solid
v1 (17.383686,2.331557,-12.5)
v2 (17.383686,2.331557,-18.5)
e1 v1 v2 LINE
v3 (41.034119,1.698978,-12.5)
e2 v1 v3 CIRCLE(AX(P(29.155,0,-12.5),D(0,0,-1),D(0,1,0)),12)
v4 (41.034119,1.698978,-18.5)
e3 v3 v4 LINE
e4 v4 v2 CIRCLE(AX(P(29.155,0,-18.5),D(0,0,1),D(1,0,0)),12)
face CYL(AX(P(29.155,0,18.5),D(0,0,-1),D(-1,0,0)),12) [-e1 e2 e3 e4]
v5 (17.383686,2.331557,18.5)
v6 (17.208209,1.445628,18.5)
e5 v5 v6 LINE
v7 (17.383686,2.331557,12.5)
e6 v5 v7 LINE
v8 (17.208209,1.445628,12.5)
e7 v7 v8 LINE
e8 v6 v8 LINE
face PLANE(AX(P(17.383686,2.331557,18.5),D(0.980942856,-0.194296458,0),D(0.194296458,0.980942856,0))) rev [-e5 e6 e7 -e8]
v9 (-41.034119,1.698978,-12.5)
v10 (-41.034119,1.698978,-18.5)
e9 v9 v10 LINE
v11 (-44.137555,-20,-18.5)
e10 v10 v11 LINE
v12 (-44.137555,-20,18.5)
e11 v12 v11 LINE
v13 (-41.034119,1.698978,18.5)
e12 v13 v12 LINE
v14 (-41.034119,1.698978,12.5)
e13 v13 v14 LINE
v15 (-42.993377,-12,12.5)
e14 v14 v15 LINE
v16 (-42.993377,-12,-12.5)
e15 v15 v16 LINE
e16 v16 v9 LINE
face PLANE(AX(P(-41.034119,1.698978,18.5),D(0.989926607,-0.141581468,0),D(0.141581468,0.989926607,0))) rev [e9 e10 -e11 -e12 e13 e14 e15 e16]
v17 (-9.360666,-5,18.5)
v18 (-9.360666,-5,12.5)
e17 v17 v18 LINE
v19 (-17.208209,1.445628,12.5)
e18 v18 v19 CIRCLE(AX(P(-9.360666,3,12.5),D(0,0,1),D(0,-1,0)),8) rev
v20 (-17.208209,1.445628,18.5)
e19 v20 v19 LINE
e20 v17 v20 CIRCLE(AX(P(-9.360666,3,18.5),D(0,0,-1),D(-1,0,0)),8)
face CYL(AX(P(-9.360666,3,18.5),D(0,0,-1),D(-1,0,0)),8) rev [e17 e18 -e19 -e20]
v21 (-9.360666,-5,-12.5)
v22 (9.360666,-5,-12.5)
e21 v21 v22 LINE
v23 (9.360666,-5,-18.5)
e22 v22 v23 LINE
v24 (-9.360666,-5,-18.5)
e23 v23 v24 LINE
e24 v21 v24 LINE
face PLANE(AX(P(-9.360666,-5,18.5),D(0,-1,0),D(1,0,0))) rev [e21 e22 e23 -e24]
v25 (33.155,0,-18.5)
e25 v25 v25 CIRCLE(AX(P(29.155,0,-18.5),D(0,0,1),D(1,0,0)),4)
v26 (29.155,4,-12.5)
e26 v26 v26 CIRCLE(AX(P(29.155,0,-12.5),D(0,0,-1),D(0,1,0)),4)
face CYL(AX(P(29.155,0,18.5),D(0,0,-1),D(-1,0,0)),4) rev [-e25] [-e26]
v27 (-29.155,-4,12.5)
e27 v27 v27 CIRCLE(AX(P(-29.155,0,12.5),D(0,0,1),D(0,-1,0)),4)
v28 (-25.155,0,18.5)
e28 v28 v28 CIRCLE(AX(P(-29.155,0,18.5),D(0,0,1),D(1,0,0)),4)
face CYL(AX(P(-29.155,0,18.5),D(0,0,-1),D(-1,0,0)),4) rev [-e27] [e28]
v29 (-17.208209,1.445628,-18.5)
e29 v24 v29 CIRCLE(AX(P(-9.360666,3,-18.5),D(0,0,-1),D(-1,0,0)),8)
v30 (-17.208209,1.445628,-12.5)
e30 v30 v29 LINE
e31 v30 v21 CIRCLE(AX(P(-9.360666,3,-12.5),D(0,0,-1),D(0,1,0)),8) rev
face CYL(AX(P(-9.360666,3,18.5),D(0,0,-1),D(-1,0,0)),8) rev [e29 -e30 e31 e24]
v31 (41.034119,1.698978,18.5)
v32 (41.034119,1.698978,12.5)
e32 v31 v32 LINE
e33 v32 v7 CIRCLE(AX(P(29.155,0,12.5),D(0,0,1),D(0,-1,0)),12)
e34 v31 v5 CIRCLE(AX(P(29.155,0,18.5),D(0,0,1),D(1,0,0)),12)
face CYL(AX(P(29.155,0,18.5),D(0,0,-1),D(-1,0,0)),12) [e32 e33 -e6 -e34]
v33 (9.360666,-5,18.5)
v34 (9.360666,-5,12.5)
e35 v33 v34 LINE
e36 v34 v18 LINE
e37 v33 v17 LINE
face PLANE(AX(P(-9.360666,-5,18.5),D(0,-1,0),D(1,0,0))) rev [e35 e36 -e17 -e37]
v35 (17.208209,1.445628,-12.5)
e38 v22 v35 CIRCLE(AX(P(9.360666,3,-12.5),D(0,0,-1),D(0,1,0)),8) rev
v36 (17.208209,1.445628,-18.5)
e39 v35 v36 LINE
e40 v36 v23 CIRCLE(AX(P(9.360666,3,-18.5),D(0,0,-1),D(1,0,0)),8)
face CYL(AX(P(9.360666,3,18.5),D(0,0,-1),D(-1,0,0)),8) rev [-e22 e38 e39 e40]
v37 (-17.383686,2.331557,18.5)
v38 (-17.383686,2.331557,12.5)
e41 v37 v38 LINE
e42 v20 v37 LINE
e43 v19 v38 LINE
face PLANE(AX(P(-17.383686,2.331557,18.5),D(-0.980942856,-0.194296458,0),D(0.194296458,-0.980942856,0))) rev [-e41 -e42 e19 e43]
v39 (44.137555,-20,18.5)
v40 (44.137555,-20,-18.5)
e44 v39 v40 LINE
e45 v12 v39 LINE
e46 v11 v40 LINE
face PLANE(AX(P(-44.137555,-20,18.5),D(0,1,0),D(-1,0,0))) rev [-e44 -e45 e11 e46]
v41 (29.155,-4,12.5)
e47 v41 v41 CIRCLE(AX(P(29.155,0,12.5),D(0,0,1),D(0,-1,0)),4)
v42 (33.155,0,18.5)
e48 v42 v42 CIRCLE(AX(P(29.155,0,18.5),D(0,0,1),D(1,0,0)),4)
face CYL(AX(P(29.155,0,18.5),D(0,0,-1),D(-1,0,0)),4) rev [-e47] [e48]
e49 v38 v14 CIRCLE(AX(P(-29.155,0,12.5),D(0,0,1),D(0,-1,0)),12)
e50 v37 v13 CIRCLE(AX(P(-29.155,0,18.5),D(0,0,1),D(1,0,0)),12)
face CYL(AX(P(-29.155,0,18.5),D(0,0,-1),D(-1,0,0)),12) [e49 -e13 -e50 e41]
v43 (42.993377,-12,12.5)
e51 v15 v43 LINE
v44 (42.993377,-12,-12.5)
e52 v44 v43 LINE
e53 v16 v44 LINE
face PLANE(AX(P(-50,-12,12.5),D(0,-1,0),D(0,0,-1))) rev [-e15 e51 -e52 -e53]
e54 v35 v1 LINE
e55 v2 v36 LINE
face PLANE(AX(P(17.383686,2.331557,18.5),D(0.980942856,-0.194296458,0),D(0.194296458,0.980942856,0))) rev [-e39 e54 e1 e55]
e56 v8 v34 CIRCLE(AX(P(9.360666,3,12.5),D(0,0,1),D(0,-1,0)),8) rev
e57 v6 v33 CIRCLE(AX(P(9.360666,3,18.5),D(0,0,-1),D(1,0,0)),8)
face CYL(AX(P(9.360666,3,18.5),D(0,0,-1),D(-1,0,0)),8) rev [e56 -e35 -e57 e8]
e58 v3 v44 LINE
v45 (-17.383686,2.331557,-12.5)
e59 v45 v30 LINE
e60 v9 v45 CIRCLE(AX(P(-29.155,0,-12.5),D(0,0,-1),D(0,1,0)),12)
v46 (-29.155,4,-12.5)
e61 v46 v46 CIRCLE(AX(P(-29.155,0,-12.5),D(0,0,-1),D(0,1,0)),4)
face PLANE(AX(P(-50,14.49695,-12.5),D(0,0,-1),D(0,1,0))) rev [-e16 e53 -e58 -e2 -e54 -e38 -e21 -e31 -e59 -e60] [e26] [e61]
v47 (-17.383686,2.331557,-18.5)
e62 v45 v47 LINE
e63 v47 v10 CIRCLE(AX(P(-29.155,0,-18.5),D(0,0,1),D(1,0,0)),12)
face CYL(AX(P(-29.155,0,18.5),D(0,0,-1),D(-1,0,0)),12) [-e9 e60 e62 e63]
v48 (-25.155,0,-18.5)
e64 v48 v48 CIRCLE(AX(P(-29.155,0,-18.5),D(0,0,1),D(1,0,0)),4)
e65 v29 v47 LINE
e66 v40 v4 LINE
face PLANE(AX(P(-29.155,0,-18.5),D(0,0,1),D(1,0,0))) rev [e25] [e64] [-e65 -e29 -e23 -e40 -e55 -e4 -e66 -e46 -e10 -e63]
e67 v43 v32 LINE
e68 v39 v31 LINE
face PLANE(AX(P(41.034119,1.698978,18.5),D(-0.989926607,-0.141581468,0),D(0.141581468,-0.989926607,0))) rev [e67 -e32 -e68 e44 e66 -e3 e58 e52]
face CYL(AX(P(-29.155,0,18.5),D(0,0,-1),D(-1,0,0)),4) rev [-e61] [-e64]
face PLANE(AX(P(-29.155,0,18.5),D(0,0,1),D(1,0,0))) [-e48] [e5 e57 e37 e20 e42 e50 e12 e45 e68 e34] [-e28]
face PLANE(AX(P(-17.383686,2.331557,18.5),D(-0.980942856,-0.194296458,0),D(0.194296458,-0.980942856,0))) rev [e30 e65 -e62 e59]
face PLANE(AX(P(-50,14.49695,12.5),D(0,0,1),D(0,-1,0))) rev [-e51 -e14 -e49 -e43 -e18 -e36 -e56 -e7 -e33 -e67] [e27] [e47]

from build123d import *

# Parameters (mm, degrees)
SKETCH1_R           = 4
BOSS_EXTRUDE1_DEPTH = 18.5
SKETCH2_W           = 25
SKETCH2_H           = 26.496950103
CUT_EXTRUDE1_DEPTH  = 50


with BuildPart() as part:
    # Sketch1 → Boss-Extrude1 (new body, symmetric)
    with BuildSketch(Plane.XY):
        with BuildLine():
            Line((-41.034119288, 1.698977617), (-44.137554517, -20))
            Line((-44.137554517, -20), (44.137554517, -20))
            Line((44.137554517, -20), (41.034119288, 1.698977617))
            ThreePointArc((41.034119288, 1.698977617), (29.475850132, 11.995709866), (17.38368573, 2.331557498))
            Line((17.38368573, 2.331557498), (17.208208741, 1.445628335))
            ThreePointArc((17.208208741, 1.445628335), (14.438314301, -3.182029332), (9.360665895, -5))
            Line((9.360665895, -5), (-9.360665895, -5))
            ThreePointArc((-9.360665895, -5), (-14.438314301, -3.182029332), (-17.208208741, 1.445628335))
            Line((-17.208208741, 1.445628335), (-17.38368573, 2.331557498))
            ThreePointArc((-17.38368573, 2.331557498), (-29.475850132, 11.995709866), (-41.034119288, 1.698977617))
        make_face()
        with Locations((29.155, 0)):
            Circle(SKETCH1_R, mode=Mode.SUBTRACT)
        with Locations((-29.155, 0)):
            Circle(SKETCH1_R, mode=Mode.SUBTRACT)
    extrude(amount=BOSS_EXTRUDE1_DEPTH, both=True)

    # Sketch2 → Cut-Extrude1 (cut, symmetric)
    with BuildSketch(Plane(origin=(0, 0, 0), x_dir=(0, 0, -1), z_dir=(1, 0, 0))):
        with Locations((0, 1.248475052)):
            Rectangle(SKETCH2_W, SKETCH2_H)
    extrude(amount=CUT_EXTRUDE1_DEPTH, both=True, mode=Mode.SUBTRACT)


solid = part.part
